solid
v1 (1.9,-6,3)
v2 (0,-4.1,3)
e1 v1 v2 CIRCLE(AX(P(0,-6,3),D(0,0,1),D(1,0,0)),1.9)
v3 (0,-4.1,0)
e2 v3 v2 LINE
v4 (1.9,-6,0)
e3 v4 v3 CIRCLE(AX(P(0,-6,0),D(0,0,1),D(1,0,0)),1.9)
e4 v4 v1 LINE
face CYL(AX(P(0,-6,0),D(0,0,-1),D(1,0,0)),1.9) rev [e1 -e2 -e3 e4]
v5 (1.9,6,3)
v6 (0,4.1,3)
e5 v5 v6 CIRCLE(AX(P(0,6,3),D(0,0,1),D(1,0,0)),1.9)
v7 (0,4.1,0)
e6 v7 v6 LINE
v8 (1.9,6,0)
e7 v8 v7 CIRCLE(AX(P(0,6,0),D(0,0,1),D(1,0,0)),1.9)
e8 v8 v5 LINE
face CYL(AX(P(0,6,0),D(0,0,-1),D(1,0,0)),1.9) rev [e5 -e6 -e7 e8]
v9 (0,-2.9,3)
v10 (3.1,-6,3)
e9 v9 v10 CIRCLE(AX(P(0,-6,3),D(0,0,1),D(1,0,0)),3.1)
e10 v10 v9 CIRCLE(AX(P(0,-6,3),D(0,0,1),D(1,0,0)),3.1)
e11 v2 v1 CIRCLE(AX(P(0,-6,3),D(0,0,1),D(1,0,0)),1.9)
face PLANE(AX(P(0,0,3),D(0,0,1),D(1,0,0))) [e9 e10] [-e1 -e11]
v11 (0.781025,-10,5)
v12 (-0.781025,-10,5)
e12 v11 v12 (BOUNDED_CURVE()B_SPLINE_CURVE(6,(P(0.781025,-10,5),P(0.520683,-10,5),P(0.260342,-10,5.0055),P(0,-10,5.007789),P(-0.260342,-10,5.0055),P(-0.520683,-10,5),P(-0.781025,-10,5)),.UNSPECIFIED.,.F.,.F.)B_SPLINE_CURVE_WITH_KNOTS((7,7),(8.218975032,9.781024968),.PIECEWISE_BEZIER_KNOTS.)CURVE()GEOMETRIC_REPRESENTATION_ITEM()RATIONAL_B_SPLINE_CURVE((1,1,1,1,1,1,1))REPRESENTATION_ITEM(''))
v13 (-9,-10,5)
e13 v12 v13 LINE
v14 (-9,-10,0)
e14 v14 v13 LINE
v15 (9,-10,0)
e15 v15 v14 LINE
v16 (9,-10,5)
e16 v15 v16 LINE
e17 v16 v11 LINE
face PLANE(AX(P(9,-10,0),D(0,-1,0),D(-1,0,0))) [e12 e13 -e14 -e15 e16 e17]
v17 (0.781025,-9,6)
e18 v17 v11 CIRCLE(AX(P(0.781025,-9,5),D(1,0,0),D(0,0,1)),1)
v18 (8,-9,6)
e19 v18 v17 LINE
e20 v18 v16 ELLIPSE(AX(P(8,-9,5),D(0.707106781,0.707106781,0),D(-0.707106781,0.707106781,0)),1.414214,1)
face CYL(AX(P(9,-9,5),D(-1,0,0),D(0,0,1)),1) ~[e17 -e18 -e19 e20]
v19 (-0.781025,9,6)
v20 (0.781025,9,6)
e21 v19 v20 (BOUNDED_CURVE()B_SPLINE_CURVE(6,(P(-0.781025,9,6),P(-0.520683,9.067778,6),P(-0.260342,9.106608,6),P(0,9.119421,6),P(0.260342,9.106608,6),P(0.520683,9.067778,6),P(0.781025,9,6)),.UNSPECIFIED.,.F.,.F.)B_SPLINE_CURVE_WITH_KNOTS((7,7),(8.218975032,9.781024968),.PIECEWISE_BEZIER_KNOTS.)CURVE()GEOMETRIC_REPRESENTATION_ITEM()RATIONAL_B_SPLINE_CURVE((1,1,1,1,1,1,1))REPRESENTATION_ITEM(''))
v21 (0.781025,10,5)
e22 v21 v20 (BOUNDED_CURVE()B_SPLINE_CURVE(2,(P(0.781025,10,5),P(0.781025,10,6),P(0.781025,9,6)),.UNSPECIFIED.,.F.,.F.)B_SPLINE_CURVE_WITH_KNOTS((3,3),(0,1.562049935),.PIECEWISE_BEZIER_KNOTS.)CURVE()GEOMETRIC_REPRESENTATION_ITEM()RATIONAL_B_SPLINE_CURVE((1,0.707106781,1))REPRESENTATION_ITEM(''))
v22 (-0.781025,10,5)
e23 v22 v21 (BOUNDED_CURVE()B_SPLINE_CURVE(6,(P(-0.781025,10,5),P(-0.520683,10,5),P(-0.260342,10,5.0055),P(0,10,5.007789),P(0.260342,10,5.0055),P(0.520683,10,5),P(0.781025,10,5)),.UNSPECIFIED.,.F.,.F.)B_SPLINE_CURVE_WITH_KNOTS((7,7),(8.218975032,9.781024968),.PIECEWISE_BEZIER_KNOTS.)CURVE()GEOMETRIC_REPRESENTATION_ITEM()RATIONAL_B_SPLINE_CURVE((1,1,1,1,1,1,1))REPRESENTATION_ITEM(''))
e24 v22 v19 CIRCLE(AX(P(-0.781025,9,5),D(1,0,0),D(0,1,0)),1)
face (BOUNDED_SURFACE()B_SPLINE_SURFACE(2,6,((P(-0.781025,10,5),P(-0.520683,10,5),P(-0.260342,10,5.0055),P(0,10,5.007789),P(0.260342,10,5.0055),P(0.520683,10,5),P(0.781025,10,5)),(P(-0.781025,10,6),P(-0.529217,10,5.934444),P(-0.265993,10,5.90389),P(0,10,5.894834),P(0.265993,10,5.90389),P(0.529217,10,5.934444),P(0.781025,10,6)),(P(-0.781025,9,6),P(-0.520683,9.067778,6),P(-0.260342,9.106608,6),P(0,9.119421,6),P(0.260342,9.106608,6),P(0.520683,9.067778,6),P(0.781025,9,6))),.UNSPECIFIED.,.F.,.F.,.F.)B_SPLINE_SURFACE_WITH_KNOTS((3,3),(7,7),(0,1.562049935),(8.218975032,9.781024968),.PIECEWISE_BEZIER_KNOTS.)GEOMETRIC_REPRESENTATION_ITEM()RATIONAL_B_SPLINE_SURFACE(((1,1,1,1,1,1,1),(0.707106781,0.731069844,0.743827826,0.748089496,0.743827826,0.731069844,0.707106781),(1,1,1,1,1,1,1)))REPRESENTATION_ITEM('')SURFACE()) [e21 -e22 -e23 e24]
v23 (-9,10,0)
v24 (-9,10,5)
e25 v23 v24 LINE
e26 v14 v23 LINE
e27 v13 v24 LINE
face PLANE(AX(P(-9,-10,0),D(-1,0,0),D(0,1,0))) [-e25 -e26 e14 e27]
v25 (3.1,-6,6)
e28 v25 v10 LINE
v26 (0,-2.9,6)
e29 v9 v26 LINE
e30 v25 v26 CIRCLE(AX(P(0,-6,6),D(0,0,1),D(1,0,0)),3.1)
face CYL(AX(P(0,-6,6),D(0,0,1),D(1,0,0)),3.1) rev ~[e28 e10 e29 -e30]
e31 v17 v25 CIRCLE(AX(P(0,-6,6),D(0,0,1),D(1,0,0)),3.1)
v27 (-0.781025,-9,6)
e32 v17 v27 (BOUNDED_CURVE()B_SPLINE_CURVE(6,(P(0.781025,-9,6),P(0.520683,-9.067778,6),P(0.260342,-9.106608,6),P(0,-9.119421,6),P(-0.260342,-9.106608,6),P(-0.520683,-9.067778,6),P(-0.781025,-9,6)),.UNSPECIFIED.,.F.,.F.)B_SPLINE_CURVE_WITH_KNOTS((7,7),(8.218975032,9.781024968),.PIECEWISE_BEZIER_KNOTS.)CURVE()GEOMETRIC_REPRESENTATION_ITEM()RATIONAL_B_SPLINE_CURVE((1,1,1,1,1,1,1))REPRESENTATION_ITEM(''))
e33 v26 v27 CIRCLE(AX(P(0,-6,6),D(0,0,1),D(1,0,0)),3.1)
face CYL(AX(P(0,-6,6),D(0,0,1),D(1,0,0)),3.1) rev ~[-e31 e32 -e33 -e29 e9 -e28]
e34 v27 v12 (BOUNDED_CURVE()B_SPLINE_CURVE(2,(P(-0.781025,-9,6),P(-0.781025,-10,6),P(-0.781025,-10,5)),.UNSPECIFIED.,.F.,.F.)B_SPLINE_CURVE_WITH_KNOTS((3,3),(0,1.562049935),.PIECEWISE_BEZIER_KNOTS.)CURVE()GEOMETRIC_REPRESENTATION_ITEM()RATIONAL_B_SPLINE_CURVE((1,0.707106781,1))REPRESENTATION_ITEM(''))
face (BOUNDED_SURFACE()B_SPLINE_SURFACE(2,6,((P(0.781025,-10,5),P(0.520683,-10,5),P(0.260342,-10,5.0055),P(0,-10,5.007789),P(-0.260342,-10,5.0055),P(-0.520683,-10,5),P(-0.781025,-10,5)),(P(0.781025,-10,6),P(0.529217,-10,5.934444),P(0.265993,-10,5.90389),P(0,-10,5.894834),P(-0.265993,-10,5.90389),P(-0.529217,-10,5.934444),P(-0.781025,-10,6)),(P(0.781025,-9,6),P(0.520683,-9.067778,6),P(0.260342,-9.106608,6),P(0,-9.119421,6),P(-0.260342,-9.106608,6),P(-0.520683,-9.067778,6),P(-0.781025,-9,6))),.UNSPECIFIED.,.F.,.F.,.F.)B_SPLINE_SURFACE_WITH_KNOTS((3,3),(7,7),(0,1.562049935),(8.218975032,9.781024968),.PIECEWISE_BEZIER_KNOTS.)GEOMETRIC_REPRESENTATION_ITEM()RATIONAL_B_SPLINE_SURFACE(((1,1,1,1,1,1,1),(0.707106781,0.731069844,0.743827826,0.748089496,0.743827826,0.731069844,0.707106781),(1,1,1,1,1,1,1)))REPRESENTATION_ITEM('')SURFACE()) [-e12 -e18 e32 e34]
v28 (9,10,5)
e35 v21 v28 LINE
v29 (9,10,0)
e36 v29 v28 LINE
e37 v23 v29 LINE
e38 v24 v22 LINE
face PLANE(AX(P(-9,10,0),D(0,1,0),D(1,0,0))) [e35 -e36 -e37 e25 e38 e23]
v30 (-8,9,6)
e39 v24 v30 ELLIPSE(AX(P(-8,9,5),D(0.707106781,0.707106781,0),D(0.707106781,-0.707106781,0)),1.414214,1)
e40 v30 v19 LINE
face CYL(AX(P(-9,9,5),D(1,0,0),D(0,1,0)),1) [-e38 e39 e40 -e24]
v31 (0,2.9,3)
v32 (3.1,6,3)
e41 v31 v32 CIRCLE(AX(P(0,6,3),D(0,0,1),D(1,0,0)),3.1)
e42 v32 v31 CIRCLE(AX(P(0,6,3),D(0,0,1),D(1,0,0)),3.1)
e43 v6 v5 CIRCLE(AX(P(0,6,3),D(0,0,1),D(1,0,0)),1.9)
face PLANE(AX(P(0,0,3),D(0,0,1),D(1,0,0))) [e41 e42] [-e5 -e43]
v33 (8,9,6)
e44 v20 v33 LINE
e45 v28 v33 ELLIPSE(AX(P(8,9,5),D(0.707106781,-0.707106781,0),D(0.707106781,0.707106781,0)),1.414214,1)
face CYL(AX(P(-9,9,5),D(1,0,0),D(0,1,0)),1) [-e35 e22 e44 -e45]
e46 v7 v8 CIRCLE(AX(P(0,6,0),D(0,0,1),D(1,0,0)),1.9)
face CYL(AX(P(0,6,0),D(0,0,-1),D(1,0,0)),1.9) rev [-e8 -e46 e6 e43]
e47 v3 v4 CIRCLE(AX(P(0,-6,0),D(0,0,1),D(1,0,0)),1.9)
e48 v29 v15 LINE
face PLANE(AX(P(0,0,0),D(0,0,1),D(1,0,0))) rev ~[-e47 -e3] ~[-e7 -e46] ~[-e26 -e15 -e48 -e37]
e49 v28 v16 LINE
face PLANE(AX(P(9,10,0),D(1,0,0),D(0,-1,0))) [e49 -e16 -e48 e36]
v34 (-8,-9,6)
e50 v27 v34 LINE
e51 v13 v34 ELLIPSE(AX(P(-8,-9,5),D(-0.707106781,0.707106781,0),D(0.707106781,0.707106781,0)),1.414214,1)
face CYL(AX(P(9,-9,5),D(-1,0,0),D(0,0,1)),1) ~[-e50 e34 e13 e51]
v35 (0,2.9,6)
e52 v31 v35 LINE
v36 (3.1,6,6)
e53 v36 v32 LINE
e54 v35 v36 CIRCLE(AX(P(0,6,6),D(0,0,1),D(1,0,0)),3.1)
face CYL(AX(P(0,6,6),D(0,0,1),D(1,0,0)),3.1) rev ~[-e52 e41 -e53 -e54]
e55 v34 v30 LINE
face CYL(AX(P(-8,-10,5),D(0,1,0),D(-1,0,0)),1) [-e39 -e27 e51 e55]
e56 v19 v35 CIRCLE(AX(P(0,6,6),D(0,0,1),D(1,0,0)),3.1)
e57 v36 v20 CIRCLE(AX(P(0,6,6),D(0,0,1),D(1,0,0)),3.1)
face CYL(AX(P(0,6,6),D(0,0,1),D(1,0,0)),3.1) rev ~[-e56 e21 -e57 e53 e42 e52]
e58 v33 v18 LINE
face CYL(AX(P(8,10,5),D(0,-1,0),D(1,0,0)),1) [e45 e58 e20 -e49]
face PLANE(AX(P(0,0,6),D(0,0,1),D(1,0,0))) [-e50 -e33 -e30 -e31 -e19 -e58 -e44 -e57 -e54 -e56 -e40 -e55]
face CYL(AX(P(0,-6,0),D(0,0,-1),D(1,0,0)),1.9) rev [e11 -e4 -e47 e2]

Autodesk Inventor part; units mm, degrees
ref_plane "YZ Plane" through (0, 0, 0) normal (1, 0, 0) x (0, 1, 0)
ref_plane "XZ Plane" through (0, 0, 0) normal (0, 1, 0) x (-1, 0, 0)
ref_plane "XY Plane" through (0, 0, 0) normal (0, 0, 1) x (1, 0, 0)
sketch "Sketch1" plane through (0, 0, 0) normal (0, 0, 1) x (1, 0, 0)
  line L0 (-9, 10) -> (9, 10)
  line L1 (9, 10) -> (9, -10)
  line L2 (9, -10) -> (-9, -10)
  line L3 (-9, -10) -> (-9, 10)
  line L4 (-9, 10) -> (9, -10) construction
  line L5 (9, 10) -> (-9, -10) construction
  line L6 (0, 0) -> (0, 6)
  line L7 (0, 0) -> (0, -6)
  circle A0 centre (0, 6) radius 1.9
  circle A1 centre (0, -6) radius 1.9
  dimension "d0" = 18
  dimension "d1" = 20
  dimension "d2" = 6
  dimension "d3" = 6
  dimension "d4" = 3.8
  dimension "d5" = 3.8
extrude "Extrusion1" add sketch "Sketch1" along normal blind 6
sketch "Sketch2" plane through (0, 0, 6) normal (0, 0, 1) x (1, 0, 0)
  circle A0 centre (0, 6) radius 1.9 projected
  circle A1 centre (0, 6) radius 3.1
  circle A2 centre (0, -6) radius 1.9 projected
  circle A3 centre (0, -6) radius 3.1
  point P0 (0, 0)
  dimension "d8" = 6.2
  dimension "d9" = 6.2
extrude "Extrusion2" cut sketch "Sketch2" against normal blind 3
fillet "Fillet1" radius 1 4 edges at (0, 10, 6) (-9, 0, 6) (0, -10, 6) (9, 0, 6)
properties part number "ChassisLegV1"
